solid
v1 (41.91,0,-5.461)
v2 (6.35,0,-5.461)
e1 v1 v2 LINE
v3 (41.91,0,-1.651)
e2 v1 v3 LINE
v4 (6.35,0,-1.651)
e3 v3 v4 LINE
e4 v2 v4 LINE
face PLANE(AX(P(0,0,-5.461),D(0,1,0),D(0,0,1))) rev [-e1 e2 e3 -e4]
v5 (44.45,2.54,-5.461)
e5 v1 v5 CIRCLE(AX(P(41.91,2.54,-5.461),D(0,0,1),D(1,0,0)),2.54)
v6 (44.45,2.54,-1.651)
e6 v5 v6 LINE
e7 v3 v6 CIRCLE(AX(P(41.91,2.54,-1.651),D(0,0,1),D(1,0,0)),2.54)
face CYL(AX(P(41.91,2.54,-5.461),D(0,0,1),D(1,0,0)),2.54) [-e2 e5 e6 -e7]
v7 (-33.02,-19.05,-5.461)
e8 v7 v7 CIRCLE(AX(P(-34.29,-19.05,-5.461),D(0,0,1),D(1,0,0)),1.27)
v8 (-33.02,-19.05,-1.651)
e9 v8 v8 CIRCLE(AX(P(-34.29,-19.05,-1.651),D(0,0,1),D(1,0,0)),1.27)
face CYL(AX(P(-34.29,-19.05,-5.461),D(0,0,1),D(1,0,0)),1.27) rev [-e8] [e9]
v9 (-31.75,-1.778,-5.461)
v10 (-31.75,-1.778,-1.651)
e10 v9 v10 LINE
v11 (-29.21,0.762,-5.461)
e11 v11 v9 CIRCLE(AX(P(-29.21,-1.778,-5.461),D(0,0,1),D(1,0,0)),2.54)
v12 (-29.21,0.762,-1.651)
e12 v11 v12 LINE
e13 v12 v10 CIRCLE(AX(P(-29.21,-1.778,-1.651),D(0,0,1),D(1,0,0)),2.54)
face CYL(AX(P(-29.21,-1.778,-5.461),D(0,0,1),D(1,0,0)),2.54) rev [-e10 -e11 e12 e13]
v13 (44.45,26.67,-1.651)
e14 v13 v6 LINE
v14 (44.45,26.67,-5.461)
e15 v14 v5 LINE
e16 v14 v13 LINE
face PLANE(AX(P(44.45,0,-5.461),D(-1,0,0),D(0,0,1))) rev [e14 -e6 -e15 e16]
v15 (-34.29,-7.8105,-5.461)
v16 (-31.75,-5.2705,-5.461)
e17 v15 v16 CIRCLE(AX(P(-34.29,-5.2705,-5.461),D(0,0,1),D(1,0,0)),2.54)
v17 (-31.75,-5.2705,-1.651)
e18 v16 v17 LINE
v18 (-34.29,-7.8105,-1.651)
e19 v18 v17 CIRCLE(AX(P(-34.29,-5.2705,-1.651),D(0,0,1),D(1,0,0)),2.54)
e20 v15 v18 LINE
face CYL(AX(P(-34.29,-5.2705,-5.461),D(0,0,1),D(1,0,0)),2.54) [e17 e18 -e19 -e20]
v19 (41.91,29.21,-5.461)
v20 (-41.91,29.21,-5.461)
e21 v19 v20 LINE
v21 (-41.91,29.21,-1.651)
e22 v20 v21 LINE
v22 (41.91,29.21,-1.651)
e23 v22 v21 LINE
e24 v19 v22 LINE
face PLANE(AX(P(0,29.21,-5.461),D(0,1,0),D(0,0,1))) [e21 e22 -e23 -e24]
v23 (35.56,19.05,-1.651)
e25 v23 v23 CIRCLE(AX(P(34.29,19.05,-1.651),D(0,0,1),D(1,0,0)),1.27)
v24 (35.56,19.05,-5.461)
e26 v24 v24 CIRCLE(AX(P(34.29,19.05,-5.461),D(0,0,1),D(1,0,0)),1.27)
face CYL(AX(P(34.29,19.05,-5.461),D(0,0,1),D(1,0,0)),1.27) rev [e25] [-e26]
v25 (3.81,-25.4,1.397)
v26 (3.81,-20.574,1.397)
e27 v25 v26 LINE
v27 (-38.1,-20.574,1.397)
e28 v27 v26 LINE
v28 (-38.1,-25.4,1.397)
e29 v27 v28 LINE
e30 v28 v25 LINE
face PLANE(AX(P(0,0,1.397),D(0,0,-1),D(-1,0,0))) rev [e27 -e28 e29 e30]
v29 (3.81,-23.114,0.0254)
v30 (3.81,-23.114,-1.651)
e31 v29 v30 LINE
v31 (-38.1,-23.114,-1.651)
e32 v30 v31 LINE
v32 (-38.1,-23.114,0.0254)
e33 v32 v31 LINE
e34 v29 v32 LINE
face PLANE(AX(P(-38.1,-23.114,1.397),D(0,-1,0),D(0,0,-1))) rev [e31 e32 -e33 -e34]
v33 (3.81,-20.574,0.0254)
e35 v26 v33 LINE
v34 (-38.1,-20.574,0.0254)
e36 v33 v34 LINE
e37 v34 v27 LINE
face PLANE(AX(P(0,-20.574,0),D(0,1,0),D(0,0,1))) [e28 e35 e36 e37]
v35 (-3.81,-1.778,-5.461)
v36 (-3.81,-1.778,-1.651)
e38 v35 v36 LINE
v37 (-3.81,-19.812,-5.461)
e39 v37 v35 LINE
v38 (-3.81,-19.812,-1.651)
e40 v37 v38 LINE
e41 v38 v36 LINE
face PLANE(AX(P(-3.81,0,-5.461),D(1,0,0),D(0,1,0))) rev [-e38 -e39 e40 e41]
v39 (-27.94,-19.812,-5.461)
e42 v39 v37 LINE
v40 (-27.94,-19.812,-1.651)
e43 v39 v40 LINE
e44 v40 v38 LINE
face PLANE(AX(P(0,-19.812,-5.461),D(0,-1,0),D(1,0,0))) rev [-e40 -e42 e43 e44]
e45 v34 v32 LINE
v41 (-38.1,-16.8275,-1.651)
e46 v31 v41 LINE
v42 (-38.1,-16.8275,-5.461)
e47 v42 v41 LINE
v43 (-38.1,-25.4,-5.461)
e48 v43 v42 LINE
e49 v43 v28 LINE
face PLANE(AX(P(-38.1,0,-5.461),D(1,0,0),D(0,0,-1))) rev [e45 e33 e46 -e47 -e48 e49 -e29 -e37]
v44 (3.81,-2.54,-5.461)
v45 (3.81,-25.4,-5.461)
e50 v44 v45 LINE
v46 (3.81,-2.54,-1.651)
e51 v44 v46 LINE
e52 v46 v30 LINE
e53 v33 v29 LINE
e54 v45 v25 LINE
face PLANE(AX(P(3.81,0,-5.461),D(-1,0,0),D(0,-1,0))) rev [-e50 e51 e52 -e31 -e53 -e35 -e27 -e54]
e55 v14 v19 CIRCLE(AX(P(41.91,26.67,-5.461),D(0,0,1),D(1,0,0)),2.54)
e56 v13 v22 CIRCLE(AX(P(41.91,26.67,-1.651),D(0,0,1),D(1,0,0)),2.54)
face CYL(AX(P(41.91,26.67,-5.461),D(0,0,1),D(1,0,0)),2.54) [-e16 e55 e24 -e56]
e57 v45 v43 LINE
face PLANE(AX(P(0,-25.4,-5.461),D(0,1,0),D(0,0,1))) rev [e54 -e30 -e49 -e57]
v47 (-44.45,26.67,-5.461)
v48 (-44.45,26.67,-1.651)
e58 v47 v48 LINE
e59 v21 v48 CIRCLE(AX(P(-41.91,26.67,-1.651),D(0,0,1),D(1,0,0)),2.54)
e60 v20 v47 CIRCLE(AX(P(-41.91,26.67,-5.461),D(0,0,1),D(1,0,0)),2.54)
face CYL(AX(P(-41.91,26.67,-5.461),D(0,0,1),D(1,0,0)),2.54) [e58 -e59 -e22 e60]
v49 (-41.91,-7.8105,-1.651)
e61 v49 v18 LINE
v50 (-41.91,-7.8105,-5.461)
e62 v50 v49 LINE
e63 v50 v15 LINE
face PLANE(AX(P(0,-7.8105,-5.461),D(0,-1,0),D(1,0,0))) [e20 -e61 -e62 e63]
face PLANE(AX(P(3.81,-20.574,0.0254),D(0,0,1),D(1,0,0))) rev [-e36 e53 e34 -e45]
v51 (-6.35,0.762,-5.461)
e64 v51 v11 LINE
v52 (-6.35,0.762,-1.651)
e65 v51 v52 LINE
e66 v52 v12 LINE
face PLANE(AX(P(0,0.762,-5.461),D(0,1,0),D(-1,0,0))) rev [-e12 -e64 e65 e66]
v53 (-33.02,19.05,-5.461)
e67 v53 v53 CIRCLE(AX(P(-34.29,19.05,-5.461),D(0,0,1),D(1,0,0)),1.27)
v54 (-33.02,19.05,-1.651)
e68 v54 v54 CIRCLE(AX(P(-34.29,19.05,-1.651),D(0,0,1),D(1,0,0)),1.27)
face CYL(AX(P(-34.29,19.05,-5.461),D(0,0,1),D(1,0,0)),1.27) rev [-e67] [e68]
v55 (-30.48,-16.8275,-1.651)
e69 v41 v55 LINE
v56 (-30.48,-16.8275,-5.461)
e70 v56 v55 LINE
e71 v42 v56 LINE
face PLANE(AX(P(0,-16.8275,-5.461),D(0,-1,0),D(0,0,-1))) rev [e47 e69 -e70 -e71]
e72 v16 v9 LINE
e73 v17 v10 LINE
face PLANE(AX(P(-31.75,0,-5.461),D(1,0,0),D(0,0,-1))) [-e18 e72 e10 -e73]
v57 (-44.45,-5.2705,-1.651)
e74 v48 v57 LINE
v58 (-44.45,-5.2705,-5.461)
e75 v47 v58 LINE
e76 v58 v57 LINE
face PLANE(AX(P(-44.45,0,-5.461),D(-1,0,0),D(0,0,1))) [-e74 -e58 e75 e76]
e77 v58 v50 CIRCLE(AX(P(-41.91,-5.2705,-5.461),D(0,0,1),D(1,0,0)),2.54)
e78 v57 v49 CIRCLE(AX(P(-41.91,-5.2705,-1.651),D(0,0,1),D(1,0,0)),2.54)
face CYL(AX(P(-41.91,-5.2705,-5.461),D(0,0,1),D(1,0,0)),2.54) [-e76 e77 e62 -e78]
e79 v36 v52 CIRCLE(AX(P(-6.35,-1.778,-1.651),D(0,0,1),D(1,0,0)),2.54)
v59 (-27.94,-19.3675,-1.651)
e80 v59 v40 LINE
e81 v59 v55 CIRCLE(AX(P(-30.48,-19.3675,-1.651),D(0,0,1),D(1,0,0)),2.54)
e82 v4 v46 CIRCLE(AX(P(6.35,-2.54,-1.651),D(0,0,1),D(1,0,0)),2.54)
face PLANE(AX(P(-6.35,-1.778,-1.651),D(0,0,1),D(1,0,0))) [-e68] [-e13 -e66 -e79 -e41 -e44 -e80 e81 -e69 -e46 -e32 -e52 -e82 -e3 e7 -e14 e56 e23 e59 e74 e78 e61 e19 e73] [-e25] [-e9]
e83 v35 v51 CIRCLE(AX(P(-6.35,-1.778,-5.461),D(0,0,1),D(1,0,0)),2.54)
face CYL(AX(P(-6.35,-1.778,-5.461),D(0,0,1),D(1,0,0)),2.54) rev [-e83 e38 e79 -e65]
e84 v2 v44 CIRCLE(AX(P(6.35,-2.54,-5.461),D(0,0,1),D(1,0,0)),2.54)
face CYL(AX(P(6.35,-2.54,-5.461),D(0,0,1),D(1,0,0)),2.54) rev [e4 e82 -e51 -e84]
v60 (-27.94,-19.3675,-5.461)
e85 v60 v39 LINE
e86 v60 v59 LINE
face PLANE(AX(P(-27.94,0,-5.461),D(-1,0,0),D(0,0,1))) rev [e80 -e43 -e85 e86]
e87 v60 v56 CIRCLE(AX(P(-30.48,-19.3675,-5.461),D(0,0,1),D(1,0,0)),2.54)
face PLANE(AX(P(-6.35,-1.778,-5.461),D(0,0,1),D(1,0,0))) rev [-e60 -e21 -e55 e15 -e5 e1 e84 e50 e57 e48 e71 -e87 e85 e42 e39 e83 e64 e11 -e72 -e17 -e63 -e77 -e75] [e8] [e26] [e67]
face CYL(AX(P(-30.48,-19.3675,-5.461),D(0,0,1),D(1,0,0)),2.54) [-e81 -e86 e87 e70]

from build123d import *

# Parameters (mm, degrees)
BOSS_EXTRUDE1_DEPTH     = 3.81
SKETCH3_W               = 41.91
SKETCH3_H               = 2.286
BOSS_EXTRUDE2_DEPTH     = 3.048
SKETCH4_W               = 41.91
SKETCH4_H               = 1.3716
BOSS_EXTRUDE3_DEPTH     = 2.54
CUT_EXTRUDE1_DEPTH      = 54.324878809
CUT_EXTRUDE1_DEPTH_BACK = 54.324878809
SKETCH5_R               = 1.27


with BuildPart() as part:
    # Sketch2 → Boss-Extrude1 (new body)
    with BuildSketch(Plane(origin=(0, 0, -1.651), x_dir=(-1, 0, 0), z_dir=(0, 0, -1))):
        with BuildLine():
            Line((-44.45, 26.67), (-44.45, 5.378493099))
            Line((-44.45, 5.378493099), (-44.45, 2.54))
            ThreePointArc((-44.45, 2.54), (-43.706051224, 0.743948776), (-41.91, 0))
            Line((-41.91, 0), (-6.35, 0))
            ThreePointArc((-6.35, 0), (-4.553948776, -0.743948776), (-3.81, -2.54))
            Line((-3.81, -2.54), (-3.81, -22.86))
            Line((-3.81, -22.86), (-3.81, -25.4))
            Line((-3.81, -25.4), (38.1, -25.4))
            Line((38.1, -25.4), (38.1, -22.86))
            Line((38.1, -22.86), (38.1, -16.8275))
            Line((38.1, -16.8275), (30.48, -16.8275))
            ThreePointArc((30.48, -16.8275), (28.683948776, -17.571448776), (27.94, -19.3675))
            Line((27.94, -19.3675), (27.94, -19.812))
            Line((27.94, -19.812), (3.81, -19.812))
            Line((3.81, -19.812), (3.81, -1.778))
            ThreePointArc((3.81, -1.778), (4.553948776, 0.018051224), (6.35, 0.762))
            Line((6.35, 0.762), (29.21, 0.762))
            ThreePointArc((29.21, 0.762), (31.006051224, 0.018051224), (31.75, -1.778))
            Line((31.75, -1.778), (31.75, -5.2705))
            ThreePointArc((31.75, -5.2705), (32.493948776, -7.066551224), (34.29, -7.8105))
            Line((34.29, -7.8105), (41.91, -7.8105))
            ThreePointArc((41.91, -7.8105), (43.706051224, -7.066551224), (44.45, -5.2705))
            Line((44.45, -5.2705), (44.45, 26.67))
            ThreePointArc((44.45, 26.67), (43.706051224, 28.466051224), (41.91, 29.21))
            Line((41.91, 29.21), (-41.91, 29.21))
            ThreePointArc((-41.91, 29.21), (-43.706051224, 28.466051224), (-44.45, 26.67))
        make_face()
    extrude(amount=BOSS_EXTRUDE1_DEPTH)

    # Sketch3 → Boss-Extrude2 (add)
    with BuildSketch(Plane.XY.offset(-1.651)):
        with Locations((-17.145, -24.257)):
            Rectangle(SKETCH3_W, SKETCH3_H)
    extrude(amount=BOSS_EXTRUDE2_DEPTH)

    # Sketch4 → Boss-Extrude3 (add)
    with BuildSketch(Plane(origin=(0, -23.114, 0), x_dir=(1, 0, 0), z_dir=(0, 1, 0))):
        with Locations((-17.145, -0.7112)):
            Rectangle(SKETCH4_W, SKETCH4_H)
    extrude(amount=BOSS_EXTRUDE3_DEPTH)

    # Sketch5 → Cut-Extrude1 (cut, two sides: drawn at the far end of the back side and taken through both)
    with BuildSketch(Plane.XY.offset(-1.651).offset(-CUT_EXTRUDE1_DEPTH_BACK)):
        with Locations((-34.29, 19.05)):
            Circle(SKETCH5_R)
        with Locations((34.29, 19.05)):
            Circle(SKETCH5_R)
        with Locations((-34.29, -19.05)):
            Circle(SKETCH5_R)
    extrude(amount=CUT_EXTRUDE1_DEPTH + CUT_EXTRUDE1_DEPTH_BACK, mode=Mode.SUBTRACT)


solid = part.part
